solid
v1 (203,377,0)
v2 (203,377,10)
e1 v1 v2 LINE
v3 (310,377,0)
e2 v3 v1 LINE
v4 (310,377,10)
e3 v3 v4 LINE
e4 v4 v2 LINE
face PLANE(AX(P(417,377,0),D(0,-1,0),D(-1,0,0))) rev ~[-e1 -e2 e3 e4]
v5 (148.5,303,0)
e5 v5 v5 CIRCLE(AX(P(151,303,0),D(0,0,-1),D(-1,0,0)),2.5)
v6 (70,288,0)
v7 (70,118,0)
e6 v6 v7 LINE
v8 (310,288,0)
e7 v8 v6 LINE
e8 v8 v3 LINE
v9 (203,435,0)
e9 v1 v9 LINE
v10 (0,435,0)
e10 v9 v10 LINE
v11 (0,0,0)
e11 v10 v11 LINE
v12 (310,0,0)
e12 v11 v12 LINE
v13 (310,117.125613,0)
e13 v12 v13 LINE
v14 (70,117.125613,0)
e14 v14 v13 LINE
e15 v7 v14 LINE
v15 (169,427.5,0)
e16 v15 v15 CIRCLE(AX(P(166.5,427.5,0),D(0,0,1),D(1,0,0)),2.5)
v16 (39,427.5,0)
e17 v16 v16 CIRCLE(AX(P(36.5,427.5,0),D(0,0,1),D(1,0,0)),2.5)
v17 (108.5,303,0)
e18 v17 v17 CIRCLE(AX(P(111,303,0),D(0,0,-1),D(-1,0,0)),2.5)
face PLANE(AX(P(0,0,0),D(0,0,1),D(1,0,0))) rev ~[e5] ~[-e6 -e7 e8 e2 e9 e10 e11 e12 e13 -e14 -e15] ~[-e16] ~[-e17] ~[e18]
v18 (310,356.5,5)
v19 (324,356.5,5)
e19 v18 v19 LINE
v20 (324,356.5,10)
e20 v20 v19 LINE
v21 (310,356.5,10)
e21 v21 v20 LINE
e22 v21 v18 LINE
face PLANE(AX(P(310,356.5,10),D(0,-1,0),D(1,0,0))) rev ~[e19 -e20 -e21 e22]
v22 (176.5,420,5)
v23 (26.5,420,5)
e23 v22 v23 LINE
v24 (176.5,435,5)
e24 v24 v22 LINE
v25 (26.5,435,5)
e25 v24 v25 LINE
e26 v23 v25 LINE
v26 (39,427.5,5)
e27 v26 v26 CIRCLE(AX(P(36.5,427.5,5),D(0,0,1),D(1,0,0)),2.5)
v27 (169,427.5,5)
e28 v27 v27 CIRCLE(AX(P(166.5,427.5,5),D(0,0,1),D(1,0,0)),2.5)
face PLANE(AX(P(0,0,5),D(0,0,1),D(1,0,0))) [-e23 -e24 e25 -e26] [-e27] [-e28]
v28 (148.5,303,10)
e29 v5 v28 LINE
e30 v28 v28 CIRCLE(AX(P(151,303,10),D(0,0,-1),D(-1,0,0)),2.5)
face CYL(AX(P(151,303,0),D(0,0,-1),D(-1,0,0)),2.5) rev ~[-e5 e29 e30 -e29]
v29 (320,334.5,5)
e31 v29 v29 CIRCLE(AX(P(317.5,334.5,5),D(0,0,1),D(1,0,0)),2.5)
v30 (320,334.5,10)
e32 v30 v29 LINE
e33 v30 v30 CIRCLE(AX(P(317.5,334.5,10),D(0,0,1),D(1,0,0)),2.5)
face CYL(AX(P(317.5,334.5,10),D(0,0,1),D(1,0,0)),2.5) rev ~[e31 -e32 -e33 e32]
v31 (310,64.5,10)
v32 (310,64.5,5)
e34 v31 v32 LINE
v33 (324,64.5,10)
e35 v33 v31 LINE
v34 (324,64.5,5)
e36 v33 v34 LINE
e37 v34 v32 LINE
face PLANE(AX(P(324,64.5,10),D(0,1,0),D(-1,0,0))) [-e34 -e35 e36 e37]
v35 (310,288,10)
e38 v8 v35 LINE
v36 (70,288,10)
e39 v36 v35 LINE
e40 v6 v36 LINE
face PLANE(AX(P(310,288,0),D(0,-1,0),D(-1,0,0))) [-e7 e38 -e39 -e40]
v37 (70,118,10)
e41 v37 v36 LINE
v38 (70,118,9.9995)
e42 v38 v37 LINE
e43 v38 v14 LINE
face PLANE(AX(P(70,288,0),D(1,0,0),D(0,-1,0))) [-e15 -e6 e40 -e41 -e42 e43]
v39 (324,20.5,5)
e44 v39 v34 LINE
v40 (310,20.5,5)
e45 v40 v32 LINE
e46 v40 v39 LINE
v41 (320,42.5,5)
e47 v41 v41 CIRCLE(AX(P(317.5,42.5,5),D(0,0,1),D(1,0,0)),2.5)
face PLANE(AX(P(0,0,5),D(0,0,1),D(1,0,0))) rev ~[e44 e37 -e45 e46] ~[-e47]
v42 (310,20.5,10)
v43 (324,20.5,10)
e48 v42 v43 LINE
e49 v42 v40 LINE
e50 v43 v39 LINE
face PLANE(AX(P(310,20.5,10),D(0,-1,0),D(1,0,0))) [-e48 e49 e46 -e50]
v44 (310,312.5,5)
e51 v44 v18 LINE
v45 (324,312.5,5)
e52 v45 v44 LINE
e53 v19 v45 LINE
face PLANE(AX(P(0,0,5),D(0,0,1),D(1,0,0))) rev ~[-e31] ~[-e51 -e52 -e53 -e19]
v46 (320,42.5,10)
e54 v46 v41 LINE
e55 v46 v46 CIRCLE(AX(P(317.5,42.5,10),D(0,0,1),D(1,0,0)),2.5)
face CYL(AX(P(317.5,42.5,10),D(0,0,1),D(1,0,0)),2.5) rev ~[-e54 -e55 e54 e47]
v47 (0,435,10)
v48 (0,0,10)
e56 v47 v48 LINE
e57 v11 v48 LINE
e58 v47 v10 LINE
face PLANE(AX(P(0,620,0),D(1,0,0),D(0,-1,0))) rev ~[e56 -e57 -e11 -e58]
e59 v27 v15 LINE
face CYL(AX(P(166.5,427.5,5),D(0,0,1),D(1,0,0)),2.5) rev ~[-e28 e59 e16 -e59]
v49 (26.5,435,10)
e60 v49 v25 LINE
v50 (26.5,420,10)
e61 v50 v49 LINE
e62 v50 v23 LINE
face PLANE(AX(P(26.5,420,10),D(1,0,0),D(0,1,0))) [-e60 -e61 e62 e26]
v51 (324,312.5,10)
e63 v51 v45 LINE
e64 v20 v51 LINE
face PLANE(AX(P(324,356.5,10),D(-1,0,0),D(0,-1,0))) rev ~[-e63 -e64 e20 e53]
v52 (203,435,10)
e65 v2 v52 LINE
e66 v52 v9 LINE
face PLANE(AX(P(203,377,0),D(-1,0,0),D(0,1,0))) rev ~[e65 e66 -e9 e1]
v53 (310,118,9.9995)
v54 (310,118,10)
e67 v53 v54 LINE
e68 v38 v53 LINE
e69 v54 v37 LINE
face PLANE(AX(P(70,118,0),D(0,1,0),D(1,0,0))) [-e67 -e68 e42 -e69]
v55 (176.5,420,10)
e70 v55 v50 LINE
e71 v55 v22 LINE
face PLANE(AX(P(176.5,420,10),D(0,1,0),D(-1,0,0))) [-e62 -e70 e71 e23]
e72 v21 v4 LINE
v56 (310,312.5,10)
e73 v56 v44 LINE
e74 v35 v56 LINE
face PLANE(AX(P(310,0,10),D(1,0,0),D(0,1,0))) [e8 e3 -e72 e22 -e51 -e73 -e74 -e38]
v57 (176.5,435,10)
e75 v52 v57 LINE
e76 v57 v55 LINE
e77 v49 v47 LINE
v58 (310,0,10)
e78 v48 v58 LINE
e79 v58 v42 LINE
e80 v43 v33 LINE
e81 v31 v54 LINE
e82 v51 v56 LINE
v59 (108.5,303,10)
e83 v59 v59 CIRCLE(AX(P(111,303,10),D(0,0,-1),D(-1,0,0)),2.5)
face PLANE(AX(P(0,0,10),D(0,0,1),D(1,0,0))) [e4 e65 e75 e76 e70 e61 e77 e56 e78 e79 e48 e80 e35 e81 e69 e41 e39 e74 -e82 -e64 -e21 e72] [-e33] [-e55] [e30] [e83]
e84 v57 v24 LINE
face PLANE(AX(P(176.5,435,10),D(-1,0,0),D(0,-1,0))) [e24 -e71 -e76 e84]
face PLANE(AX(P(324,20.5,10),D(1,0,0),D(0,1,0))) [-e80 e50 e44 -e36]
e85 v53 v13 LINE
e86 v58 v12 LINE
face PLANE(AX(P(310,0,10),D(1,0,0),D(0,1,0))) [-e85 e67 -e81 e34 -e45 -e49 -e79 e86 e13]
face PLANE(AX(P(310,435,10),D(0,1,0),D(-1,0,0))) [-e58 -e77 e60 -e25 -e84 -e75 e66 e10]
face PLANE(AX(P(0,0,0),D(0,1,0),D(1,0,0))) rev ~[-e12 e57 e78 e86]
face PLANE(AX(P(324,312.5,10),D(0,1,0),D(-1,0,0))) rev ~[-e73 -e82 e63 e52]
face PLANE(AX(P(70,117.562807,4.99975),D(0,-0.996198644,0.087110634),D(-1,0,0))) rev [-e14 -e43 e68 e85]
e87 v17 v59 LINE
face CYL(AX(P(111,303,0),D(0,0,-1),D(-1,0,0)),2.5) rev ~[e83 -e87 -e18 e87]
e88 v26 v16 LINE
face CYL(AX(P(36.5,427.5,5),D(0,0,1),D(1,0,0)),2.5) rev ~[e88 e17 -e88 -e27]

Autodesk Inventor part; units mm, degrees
ref_plane "YZ Plane" through (0, 0, 0) normal (1, 0, 0) x (0, 1, 0)
ref_plane "XZ Plane" through (0, 0, 0) normal (0, 1, 0) x (-1, 0, 0)
ref_plane "XY Plane" through (0, 0, 0) normal (0, 0, 1) x (1, 0, 0)
sketch "Sketch1" plane through (0, 0, 0) normal (0, 0, 1) x (1, 0, 0)
  line L0 (0, 0) -> (620, 0)
  line L1 (620, 0) -> (620, 620)
  line L2 (620, 620) -> (0, 620)
  line L3 (0, 620) -> (0, 0)
  line L4 (203, 491) -> (417, 491)
  line L5 (417, 491) -> (417, 377)
  line L6 (417, 377) -> (203, 377)
  line L7 (203, 377) -> (203, 491)
  point P0 (310, 491)
  point P1 (310, 620)
  dimension "d0" = 620
  dimension "d1" = 620
  dimension "d2" = 214
  dimension "d3" = 114
  dimension "d4" = 129
extrude "Extrusion1" add sketch "Sketch1" along normal blind 10
sketch "Sketch2" plane through (0, 0, 10) normal (0, 0, 1) x (1, 0, 0)
  line L0 (0, 0) -> (310, 0)
  line L1 (310, 0) -> (310, 435)
  line L2 (310, 435) -> (0, 435)
  line L3 (0, 435) -> (0, 0)
  line L4 (620, 620) -> (0, 620) projected
  line L5 (0, 435) -> (620, 435)
  line L6 (620, 435) -> (620, 620)
  line L7 (620, 620) -> (0, 620)
  line L8 (0, 620) -> (0, 435)
  line L9 (310, 435) -> (620, 435)
  line L10 (620, 435) -> (620, 0)
  line L11 (620, 0) -> (310, 0)
  line L12 (310, 0) -> (310, 435)
  point P0 (310, 620)
  dimension "d7" = 435
extrude "Extrusion2" cut sketch "Sketch2" against normal through all contours L1 L5 L10 L11 | L8 L4 L6 L5 L2
sketch "Sketch3" plane through (0, 0, 10) normal (0, 0, 1) x (1, 0, 0)
  line L0 (310, 0) -> (310, 377) projected
  line L1 (310, 356.5) -> (324, 356.5)
  line L2 (324, 356.5) -> (324, 312.5)
  line L3 (324, 312.5) -> (310, 312.5)
  line L4 (310, 312.5) -> (310, 356.5)
  circle A0 centre (317.5, 334.5) radius 2.5
  line L5 (203, 377) -> (310, 377) projected
  line L6 (310, 20.5) -> (324, 20.5)
  line L7 (324, 20.5) -> (324, 64.5)
  line L8 (324, 64.5) -> (310, 64.5)
  line L9 (310, 64.5) -> (310, 20.5)
  circle A1 centre (317.5, 42.5) radius 2.5
  line L10 (0, 0) -> (310, 0) projected
  dimension "d32" = 14
  dimension "d33" = 44
  dimension "d34" = 5
  dimension "d35" = 7.5
  dimension "d36" = 22
  dimension "d37" = 20.5
  dimension "d38" = 14
  dimension "d39" = 44
  dimension "d40" = 5
  dimension "d41" = 7.5
  dimension "d42" = 20.5
  dimension "d43" = 22
extrude "Extrusion3" add sketch "Sketch3" against normal blind 5
sketch "Sketch4" plane through (0, 0, 10) normal (0, 0, 1) x (1, 0, 0)
  line L0 (203, 435) -> (0, 435) projected
  line L1 (26.5, 435) -> (176.5, 435)
  line L2 (176.5, 435) -> (176.5, 420)
  line L3 (176.5, 420) -> (26.5, 420)
  line L4 (26.5, 420) -> (26.5, 435)
  point P0 (0, 0)
  point P1 (101.5, 435)
  dimension "d18" = 150
  dimension "d19" = 15
extrude "Extrusion4" cut sketch "Sketch4" against normal blind 5
sketch "Sketch5" plane through (0, 0, 5) normal (0, 0, 1) x (1, 0, 0)
  circle A0 centre (36.5, 427.5) radius 2.5
  circle A1 centre (166.5, 427.5) radius 2.5
  line L0 (26.5, 420) -> (26.5, 435) projected
  line L1 (176.5, 435) -> (176.5, 420) projected
  point P0 (0, 0)
  point P1 (26.5, 427.5)
  dimension "d22" = 5
  dimension "d23" = 5
  dimension "d24" = 10
  dimension "d25" = 10
extrude "Extrusion5" cut sketch "Sketch5" against normal through all
sketch "Sketch6" plane through (0, 0, 0) normal (0, 0, -1) x (-1, 0, 0)
  line L0 (-310, 64.5) -> (-310, 312.5) projected
  line L1 (-310, 288) -> (-70, 288)
  line L2 (-70, 288) -> (-70, 118)
  line L3 (-70, 118) -> (-310, 118)
  line L4 (-310, 118) -> (-310, 288)
  line L5 (-310, 312.5) -> (-324, 312.5) projected
  point P0 (0, 0)
  dimension "d44" = 240
  dimension "d45" = 170
  dimension "d55" = 24.5
extrude "Extrusion6" cut sketch "Sketch6" against normal through all
sketch "Sketch7" plane through (0, 0, 0) normal (0, 0, -1) x (-1, 0, 0)
  circle A0 centre (-111, 303) radius 2.5
  circle A1 centre (-151, 303) radius 2.5
  line L0 (-70, 288) -> (-70, 118) projected
  line L1 (-310, 288) -> (-70, 288) projected
  point P0 (0, 0)
  dimension "d48" = 5
  dimension "d49" = 5
  dimension "d50" = 40
  dimension "d51" = 41
  dimension "d52" = 15
extrude "Extrusion7" cut sketch "Sketch7" against normal through all
chamfer "Chamfer1" distance 10 angle 5 1 edges at (190, 118, 0) measured on face at (150, 118, 3.3333)
properties part number "TC001b" material "ABS Plastic"
